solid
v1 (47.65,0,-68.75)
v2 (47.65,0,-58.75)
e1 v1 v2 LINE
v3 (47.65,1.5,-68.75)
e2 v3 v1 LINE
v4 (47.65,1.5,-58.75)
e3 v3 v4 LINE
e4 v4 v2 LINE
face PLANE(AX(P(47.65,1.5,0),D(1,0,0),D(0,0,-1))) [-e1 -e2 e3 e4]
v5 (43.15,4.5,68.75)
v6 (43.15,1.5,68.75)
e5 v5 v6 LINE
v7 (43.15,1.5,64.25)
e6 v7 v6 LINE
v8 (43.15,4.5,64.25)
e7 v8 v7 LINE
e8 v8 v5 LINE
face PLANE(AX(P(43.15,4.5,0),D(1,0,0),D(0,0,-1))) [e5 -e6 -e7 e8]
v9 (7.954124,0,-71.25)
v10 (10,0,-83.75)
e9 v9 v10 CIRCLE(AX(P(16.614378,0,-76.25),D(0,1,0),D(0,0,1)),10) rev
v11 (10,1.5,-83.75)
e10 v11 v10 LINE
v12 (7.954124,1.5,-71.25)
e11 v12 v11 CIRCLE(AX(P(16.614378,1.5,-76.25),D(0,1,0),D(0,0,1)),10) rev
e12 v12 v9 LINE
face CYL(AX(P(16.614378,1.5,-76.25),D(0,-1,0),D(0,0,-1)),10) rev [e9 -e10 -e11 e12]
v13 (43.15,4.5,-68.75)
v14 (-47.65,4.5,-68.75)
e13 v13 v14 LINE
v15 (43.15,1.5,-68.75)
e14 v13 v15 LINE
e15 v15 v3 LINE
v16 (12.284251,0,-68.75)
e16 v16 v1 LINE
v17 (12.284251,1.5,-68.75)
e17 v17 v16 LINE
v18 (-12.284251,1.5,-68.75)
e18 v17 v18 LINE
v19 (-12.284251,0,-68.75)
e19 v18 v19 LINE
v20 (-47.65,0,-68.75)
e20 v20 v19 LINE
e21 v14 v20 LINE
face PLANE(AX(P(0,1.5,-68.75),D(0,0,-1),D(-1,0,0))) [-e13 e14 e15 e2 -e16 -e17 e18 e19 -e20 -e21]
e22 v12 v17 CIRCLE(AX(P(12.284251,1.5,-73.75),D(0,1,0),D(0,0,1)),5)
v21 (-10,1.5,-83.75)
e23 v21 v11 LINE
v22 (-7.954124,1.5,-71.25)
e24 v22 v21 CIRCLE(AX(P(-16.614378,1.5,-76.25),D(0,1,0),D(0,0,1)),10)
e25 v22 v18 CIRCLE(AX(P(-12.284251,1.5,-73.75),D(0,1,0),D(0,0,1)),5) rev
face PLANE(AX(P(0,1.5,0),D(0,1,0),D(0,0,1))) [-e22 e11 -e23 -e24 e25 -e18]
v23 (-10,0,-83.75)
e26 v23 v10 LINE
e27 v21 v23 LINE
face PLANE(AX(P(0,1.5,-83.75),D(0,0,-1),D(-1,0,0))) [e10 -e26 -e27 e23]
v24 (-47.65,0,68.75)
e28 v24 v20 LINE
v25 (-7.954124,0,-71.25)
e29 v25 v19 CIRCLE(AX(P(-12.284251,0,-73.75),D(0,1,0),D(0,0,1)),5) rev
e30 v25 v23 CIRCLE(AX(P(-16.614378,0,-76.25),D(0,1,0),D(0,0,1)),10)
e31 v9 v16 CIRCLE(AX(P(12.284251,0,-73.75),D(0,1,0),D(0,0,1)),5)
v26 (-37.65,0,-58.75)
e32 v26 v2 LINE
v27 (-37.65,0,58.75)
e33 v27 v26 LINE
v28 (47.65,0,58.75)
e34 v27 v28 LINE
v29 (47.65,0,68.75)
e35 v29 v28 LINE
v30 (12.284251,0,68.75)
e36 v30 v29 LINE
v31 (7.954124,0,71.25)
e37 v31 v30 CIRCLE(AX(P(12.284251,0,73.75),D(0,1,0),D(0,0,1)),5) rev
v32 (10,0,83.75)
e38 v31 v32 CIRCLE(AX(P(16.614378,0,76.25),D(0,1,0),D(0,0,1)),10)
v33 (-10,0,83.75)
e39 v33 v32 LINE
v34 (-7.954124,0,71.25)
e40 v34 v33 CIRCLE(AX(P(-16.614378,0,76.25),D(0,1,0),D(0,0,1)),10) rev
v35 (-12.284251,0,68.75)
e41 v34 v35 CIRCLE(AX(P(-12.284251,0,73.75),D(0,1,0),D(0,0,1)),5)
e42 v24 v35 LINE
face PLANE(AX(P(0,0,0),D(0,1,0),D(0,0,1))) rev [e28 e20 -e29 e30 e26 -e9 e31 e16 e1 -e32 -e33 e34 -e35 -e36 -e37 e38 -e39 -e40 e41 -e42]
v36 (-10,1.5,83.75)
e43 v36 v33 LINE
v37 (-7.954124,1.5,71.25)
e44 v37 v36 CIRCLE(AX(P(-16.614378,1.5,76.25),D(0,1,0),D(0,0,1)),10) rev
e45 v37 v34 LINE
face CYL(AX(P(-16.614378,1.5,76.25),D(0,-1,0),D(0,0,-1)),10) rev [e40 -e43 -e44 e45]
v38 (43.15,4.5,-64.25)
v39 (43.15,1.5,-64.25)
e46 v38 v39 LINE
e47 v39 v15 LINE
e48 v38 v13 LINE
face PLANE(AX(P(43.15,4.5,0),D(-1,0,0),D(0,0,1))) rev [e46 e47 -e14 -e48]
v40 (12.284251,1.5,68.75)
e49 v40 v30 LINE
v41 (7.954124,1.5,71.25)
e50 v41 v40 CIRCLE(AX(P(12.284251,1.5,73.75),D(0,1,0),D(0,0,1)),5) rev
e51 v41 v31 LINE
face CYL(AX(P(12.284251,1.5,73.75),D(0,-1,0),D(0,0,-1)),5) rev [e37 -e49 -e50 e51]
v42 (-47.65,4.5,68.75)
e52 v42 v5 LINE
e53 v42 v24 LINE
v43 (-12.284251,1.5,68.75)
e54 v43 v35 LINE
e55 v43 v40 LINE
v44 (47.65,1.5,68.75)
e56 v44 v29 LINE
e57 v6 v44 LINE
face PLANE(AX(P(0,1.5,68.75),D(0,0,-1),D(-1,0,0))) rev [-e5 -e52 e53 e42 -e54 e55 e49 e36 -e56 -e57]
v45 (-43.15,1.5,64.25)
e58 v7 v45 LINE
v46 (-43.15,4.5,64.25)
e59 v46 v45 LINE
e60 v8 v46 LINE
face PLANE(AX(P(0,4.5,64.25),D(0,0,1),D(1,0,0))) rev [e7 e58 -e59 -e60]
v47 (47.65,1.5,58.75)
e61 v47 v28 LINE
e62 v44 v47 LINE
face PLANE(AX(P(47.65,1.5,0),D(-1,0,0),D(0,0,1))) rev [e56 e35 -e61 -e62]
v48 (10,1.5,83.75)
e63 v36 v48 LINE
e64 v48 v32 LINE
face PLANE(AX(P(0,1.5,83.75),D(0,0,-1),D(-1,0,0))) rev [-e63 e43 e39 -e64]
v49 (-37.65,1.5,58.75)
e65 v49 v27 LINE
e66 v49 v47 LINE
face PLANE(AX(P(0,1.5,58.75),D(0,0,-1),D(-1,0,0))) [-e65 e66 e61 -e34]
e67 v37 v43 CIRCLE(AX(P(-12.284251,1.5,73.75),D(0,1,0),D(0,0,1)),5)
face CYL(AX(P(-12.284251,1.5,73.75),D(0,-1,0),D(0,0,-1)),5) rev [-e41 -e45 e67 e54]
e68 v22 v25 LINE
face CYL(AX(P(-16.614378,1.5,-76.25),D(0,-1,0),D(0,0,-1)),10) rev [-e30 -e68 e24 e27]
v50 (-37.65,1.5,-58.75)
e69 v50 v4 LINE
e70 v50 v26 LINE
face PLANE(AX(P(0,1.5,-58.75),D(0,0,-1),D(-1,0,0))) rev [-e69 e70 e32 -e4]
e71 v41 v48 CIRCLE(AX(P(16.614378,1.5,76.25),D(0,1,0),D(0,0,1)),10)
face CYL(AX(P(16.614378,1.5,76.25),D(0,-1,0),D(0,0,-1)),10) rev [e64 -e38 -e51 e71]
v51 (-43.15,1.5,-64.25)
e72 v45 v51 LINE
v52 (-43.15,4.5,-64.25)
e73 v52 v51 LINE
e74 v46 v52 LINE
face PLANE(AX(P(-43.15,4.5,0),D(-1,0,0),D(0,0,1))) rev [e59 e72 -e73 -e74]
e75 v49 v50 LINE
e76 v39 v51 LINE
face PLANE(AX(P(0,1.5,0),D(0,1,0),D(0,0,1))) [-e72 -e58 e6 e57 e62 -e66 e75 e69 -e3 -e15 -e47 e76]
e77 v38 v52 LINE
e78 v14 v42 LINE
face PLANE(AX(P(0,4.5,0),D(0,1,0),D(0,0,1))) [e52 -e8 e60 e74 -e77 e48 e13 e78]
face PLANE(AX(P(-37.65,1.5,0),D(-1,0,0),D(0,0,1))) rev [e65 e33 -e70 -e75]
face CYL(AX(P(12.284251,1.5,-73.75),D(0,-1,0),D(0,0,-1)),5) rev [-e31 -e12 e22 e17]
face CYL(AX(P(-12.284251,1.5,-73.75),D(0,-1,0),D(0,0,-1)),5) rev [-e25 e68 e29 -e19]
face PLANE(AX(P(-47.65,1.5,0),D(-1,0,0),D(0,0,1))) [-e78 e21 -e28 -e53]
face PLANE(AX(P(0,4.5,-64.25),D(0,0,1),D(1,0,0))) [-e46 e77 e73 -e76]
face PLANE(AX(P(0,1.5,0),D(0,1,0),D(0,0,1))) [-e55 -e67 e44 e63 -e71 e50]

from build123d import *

# Parameters (mm, degrees)
SKETCH1_W           = 10
SKETCH1_H           = 117.5
BOSS_EXTRUDE1_DEPTH = 1.5
BOSS_EXTRUDE2_DEPTH = 3


with BuildPart() as part:
    # Sketch1 → Boss-Extrude1 (new body)
    with BuildSketch(Plane(origin=(0, 0, 0), x_dir=(1, 0, 0), z_dir=(0, 1, 0))):
        with BuildLine():
            ThreePointArc((-7.95412424, -71.25), (-9.784251259, -69.419872981), (-12.284251259, -68.75))
            Line((-12.284251259, -68.75), (-47.65, -68.75))
            Line((-47.65, -68.75), (-47.65, -58.75))
            Line((-47.65, -58.75), (47.65, -58.75))
            Line((47.65, -58.75), (47.65, -68.75))
            Line((47.65, -68.75), (12.284251259, -68.75))
            ThreePointArc((12.284251259, -68.75), (9.784251259, -69.419872981), (7.95412424, -71.25))
            ThreePointArc((7.95412424, -71.25), (6.745685452, -77.865209555), (10, -83.75))
            Line((10, -83.75), (-10, -83.75))
            ThreePointArc((-10, -83.75), (-6.745685452, -77.865209555), (-7.95412424, -71.25))
        make_face()
        with Locations((-42.65, 0)):
            Rectangle(SKETCH1_W, SKETCH1_H)
        with BuildLine():
            ThreePointArc((-7.95412424, 71.25), (-6.745685452, 77.865209555), (-10, 83.75))
            Line((-10, 83.75), (10, 83.75))
            ThreePointArc((10, 83.75), (6.745685452, 77.865209555), (7.95412424, 71.25))
            ThreePointArc((7.95412424, 71.25), (9.784251259, 69.419872981), (12.284251259, 68.75))
            Line((12.284251259, 68.75), (47.65, 68.75))
            Line((47.65, 68.75), (47.65, 58.75))
            Line((47.65, 58.75), (-47.65, 58.75))
            Line((-47.65, 58.75), (-47.65, 68.75))
            Line((-47.65, 68.75), (-12.284251259, 68.75))
            ThreePointArc((-12.284251259, 68.75), (-9.784251259, 69.419872981), (-7.95412424, 71.25))
        make_face()
    extrude(amount=BOSS_EXTRUDE1_DEPTH)

    # Sketch2 → Boss-Extrude2 (add)
    with BuildSketch(Plane(origin=(0, 1.5, 0), x_dir=(1, 0, 0), z_dir=(0, 1, 0))):
        Polygon((-43.15, 64.25), (43.15, 64.25), (43.15, 68.75), (12.284251259, 68.75), (-12.284251259, 68.75), (-47.65, 68.75), (-47.65, -68.75), (-12.284251259, -68.75), (12.284251259, -68.75), (43.15, -68.75), (43.15, -64.25), (-43.15, -64.25), align=None)
    extrude(amount=BOSS_EXTRUDE2_DEPTH)


solid = part.part
